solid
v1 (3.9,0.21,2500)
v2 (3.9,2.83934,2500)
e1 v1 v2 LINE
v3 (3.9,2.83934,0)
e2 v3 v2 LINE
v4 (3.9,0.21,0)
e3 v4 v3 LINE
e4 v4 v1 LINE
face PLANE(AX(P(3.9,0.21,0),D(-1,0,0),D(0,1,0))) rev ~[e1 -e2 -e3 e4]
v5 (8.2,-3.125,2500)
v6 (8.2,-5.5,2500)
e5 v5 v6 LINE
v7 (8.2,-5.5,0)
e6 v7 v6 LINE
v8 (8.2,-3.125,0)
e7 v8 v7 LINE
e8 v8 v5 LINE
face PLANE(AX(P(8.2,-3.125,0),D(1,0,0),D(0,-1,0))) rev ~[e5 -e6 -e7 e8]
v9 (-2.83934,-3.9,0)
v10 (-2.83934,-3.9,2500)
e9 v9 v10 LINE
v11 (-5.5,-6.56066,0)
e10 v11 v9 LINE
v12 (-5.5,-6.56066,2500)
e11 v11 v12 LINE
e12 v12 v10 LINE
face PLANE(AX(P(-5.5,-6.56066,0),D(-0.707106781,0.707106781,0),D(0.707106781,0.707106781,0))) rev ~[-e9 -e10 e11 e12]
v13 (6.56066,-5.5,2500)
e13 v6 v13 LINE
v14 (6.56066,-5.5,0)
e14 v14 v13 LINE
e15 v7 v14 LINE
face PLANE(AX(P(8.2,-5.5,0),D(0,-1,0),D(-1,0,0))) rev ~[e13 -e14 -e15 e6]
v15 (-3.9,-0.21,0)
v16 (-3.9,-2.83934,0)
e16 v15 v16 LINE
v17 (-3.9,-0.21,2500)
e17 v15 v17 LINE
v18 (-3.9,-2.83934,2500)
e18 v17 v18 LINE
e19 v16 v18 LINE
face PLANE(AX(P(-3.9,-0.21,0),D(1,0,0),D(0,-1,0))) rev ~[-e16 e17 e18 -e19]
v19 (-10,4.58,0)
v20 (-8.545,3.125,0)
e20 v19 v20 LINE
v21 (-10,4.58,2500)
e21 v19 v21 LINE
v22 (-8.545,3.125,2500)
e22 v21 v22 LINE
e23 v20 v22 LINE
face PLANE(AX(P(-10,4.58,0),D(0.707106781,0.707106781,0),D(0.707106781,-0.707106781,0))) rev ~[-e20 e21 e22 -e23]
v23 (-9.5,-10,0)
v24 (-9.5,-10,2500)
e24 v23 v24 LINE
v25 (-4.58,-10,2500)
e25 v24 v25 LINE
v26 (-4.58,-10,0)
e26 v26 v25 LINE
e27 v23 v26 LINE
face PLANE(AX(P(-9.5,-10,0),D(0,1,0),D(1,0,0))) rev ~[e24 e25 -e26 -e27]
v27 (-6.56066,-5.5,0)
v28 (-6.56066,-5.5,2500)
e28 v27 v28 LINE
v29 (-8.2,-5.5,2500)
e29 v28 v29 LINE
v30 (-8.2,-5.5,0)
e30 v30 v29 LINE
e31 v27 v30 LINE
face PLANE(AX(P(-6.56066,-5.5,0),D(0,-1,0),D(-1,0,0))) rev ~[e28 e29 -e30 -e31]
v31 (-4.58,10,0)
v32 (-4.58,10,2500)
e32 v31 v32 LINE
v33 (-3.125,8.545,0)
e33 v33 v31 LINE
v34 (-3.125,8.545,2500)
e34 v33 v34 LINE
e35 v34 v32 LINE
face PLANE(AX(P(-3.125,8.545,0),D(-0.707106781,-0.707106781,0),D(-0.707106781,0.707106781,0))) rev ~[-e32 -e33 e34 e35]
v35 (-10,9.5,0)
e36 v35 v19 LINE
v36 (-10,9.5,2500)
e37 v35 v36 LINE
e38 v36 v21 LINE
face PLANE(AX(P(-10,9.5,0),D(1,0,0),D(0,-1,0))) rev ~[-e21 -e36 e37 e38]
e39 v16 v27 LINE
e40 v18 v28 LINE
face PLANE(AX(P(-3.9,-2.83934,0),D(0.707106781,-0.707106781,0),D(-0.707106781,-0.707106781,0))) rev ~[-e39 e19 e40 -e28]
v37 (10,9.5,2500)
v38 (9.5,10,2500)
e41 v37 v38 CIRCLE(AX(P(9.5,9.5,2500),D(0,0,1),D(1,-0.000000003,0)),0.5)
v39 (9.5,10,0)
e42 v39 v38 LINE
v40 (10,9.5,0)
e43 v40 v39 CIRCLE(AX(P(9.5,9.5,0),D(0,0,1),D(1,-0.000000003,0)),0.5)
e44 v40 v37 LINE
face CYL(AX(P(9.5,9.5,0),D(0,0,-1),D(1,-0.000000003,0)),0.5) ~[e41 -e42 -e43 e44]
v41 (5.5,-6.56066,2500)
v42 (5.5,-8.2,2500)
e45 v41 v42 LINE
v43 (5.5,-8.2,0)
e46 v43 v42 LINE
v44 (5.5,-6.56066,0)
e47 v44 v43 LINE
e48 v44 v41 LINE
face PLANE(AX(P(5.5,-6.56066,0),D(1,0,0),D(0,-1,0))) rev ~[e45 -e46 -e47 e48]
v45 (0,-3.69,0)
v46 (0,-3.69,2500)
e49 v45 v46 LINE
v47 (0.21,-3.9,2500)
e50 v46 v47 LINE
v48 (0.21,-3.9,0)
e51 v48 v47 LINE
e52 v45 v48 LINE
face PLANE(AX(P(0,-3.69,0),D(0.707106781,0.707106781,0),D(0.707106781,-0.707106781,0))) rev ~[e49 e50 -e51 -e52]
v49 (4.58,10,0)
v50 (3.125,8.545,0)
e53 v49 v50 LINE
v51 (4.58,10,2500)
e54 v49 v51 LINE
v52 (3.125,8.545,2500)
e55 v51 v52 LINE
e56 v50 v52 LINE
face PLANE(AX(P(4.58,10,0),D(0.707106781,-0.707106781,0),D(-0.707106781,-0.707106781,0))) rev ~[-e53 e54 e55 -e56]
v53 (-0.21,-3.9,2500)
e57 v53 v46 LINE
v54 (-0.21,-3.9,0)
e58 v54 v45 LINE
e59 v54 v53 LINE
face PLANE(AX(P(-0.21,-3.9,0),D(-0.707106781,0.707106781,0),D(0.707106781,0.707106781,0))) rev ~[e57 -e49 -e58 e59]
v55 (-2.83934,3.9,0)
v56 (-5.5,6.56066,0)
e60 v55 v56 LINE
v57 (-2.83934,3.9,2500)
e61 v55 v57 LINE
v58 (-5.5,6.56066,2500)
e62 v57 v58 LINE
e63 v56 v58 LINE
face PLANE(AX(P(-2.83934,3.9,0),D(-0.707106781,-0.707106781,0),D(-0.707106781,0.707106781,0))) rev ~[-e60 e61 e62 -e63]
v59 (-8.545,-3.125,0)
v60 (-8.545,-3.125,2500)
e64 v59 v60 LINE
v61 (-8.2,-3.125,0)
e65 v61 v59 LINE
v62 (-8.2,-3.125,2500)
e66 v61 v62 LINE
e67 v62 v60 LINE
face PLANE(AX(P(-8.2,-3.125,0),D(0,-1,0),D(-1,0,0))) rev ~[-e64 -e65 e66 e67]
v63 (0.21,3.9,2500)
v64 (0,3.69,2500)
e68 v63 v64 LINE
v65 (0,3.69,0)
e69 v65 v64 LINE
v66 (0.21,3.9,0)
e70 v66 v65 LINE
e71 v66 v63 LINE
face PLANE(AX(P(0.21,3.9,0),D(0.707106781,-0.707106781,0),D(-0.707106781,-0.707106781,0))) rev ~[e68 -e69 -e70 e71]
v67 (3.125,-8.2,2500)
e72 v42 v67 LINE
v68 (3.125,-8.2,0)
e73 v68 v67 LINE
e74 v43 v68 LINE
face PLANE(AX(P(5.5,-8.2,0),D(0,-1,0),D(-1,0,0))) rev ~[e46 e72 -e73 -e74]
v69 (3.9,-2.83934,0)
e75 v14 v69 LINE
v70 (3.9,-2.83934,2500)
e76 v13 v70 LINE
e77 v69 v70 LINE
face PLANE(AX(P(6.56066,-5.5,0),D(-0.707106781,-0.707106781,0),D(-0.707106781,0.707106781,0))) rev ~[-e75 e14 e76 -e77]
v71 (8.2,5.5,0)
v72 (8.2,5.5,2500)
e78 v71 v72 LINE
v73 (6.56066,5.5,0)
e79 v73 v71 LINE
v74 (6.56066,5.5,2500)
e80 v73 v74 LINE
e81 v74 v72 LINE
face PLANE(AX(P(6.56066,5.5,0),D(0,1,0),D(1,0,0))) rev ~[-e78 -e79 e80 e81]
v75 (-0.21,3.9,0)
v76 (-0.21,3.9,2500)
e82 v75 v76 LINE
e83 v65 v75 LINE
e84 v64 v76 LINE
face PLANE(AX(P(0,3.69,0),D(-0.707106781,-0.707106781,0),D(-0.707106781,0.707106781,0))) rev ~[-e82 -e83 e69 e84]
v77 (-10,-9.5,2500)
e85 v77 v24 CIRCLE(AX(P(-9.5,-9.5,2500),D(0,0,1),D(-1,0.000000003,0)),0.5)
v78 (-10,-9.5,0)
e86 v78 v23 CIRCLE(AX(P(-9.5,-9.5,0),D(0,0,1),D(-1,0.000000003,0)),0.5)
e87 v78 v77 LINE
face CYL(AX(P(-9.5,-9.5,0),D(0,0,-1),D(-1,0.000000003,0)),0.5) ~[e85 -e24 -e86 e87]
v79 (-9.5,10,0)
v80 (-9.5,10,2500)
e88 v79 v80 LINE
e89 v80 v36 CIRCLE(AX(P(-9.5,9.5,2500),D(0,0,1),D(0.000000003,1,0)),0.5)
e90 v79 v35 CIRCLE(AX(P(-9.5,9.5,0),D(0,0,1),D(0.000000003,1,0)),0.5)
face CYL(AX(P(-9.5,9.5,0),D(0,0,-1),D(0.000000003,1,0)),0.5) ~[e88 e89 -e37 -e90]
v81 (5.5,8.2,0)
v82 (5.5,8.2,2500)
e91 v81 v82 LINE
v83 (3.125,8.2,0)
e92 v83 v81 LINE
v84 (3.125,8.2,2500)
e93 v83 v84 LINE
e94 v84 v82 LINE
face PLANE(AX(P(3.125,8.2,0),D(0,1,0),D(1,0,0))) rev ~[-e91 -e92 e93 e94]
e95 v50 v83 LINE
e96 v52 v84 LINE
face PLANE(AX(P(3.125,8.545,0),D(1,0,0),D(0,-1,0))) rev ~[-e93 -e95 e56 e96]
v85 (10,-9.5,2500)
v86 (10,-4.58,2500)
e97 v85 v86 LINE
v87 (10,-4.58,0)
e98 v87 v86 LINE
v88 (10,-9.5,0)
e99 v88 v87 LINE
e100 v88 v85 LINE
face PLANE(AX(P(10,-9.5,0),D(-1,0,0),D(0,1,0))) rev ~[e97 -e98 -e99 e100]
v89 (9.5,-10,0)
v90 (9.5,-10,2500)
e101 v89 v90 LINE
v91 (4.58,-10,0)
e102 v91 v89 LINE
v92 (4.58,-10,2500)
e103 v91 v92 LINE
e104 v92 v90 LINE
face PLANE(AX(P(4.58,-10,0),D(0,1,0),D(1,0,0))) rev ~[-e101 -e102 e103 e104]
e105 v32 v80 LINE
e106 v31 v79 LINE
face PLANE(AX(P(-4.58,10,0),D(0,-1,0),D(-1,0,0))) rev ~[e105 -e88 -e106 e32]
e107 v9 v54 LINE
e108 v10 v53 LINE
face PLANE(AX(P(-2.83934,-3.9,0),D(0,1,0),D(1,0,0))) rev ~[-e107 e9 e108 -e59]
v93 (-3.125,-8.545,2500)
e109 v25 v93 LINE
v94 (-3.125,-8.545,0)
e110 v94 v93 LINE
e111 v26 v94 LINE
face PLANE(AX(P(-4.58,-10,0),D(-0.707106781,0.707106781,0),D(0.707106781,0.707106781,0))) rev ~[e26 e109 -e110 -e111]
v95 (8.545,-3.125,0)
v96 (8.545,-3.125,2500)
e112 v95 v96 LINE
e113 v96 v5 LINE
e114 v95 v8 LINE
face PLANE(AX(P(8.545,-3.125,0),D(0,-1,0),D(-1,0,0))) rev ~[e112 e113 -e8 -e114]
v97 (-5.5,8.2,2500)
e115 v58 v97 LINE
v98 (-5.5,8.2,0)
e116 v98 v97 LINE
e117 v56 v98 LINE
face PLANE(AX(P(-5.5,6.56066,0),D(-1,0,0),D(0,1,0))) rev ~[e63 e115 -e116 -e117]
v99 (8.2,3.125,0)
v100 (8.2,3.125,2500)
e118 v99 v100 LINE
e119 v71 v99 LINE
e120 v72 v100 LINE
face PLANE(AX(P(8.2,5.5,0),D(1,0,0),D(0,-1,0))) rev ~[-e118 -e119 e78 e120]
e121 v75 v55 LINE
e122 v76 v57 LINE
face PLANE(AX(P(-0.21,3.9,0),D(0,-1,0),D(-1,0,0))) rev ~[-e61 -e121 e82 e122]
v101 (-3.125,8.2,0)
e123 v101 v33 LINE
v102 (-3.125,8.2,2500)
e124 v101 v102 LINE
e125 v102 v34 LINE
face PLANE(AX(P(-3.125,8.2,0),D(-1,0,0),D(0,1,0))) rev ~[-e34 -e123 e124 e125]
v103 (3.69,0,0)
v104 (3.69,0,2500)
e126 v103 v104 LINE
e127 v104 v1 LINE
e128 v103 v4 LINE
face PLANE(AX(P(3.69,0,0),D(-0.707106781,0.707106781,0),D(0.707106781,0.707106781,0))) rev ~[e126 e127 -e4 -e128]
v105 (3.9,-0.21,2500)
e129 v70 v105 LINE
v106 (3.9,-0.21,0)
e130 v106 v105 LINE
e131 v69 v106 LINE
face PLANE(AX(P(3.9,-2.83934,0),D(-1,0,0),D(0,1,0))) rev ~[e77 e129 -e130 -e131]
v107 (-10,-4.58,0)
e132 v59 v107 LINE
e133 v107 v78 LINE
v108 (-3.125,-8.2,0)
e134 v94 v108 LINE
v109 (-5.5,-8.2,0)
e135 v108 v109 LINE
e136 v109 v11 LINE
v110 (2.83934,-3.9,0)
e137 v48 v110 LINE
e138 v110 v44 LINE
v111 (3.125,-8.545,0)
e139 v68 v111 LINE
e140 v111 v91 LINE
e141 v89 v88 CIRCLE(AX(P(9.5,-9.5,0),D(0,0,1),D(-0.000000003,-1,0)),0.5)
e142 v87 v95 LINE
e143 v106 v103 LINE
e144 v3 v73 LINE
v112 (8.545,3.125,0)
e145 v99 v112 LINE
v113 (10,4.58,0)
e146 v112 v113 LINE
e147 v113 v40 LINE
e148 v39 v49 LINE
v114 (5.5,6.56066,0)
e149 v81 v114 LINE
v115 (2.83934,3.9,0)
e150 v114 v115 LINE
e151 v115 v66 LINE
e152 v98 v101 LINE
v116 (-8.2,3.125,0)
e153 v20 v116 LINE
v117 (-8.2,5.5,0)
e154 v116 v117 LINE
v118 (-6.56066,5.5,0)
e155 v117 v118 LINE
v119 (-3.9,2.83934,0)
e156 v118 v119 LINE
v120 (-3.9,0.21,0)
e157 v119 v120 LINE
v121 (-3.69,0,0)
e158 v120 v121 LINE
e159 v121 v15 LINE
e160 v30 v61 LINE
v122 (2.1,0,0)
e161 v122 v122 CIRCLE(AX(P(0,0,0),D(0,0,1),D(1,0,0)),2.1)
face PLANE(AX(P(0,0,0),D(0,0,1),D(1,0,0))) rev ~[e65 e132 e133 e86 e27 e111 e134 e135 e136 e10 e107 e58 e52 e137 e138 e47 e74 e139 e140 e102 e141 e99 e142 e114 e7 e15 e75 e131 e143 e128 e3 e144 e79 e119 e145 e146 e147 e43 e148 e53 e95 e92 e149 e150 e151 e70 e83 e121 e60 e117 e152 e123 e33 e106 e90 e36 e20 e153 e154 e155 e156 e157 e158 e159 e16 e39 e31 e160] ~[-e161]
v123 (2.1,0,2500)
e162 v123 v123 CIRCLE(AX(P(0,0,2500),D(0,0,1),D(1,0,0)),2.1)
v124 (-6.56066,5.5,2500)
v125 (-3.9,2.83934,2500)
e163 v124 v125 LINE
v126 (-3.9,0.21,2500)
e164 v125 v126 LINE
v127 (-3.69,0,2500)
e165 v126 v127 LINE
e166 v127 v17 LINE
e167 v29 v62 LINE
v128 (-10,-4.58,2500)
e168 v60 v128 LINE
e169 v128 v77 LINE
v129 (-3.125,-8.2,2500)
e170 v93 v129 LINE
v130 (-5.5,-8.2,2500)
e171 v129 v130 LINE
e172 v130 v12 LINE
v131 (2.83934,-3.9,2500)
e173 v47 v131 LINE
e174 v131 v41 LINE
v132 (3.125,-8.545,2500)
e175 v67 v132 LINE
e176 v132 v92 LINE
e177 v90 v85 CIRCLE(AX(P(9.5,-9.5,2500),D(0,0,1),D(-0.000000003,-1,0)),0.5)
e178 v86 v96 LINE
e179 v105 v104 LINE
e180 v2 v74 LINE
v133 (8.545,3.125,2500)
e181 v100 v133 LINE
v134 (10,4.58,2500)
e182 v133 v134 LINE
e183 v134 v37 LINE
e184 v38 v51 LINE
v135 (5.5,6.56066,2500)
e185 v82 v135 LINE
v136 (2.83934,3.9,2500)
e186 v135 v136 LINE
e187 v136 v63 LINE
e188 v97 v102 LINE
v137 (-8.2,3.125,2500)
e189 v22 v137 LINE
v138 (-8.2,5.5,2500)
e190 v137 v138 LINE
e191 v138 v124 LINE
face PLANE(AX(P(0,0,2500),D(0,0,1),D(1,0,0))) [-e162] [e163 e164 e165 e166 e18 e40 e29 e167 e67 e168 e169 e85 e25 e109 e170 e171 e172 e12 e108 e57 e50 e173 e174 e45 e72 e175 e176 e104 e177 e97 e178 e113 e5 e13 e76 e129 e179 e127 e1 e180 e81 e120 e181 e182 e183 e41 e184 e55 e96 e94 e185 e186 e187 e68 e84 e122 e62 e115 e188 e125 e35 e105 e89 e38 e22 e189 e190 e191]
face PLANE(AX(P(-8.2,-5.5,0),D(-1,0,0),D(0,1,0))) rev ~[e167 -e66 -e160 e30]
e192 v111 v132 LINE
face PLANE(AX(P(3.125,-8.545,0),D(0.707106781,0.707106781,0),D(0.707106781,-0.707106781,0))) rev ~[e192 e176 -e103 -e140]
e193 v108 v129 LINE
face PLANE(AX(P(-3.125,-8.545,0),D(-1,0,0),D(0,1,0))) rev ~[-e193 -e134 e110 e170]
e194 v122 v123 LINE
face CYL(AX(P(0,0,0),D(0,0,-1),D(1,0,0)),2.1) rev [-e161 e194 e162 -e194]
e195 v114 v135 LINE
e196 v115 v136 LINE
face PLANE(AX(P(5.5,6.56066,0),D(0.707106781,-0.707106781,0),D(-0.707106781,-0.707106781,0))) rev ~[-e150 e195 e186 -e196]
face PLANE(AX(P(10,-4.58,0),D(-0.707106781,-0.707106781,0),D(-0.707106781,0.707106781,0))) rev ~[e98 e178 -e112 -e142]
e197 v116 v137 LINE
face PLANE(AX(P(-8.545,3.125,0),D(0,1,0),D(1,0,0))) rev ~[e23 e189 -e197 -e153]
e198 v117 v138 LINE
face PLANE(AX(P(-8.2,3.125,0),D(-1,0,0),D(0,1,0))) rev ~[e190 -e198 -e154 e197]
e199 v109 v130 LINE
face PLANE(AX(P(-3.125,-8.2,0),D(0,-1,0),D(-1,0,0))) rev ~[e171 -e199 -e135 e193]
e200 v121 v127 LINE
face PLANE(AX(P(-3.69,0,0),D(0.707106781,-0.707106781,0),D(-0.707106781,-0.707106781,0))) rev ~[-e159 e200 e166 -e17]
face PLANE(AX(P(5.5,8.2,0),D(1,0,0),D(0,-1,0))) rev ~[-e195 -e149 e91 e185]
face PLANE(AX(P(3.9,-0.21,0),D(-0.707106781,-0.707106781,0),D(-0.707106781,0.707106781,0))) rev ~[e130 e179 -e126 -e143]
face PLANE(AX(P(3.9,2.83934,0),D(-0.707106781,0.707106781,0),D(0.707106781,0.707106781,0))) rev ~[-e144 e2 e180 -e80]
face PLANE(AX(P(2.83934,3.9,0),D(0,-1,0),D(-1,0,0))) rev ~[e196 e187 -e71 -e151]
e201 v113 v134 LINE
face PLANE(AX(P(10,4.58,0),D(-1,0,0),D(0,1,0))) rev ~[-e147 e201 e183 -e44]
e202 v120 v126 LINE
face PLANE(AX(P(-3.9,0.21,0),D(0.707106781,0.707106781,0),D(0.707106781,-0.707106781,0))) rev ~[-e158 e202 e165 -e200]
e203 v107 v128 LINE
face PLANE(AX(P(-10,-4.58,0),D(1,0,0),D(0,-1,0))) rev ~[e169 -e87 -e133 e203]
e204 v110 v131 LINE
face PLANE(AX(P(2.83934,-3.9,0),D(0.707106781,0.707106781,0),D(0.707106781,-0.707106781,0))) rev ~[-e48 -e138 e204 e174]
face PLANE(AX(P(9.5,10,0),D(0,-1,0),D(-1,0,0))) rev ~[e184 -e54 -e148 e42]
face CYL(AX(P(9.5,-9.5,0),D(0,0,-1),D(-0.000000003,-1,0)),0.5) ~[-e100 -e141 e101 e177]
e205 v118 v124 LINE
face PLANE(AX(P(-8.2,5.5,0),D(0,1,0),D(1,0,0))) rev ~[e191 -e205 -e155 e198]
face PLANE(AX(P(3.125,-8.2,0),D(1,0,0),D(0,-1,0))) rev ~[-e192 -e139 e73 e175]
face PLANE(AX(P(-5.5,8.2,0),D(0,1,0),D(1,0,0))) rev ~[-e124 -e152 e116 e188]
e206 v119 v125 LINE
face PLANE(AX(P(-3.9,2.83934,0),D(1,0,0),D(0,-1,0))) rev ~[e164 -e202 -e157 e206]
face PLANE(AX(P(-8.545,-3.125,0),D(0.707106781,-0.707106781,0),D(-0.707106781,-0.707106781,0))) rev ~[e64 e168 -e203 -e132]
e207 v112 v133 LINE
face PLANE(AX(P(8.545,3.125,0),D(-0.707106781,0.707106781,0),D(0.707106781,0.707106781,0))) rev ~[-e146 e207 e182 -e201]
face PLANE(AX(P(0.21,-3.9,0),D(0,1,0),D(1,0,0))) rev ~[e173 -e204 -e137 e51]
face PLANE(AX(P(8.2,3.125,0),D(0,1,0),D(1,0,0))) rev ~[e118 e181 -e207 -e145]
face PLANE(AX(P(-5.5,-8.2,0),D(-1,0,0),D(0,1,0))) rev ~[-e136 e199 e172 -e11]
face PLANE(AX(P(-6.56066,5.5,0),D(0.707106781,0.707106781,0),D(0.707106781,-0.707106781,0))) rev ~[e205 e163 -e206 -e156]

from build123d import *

# Parameters (mm, degrees)
SKETCH1_R           = 2.1
BOSS_EXTRUDE1_DEPTH = 2500


with BuildPart() as part:
    # Sketch1 → Boss-Extrude1 (new body)
    with BuildSketch(Plane.XY):
        with BuildLine():
            Line((4.58, -10), (9.5, -10))
            ThreePointArc((9.5, -10), (9.853553391, -9.853553391), (10, -9.5))
            Line((10, -9.5), (10, -4.58))
            Line((10, -4.58), (8.545, -3.125))
            Line((8.545, -3.125), (8.2, -3.125))
            Line((8.2, -3.125), (8.2, -5.5))
            Line((8.2, -5.5), (6.560660172, -5.5))
            Line((6.560660172, -5.5), (3.9, -2.839339828))
            Line((3.9, -2.839339828), (3.9, -0.21))
            Line((3.9, -0.21), (3.69, 0))
            Line((3.69, 0), (3.9, 0.21))
            Line((3.9, 0.21), (3.9, 2.839339828))
            Line((3.9, 2.839339828), (6.560660172, 5.5))
            Line((6.560660172, 5.5), (8.2, 5.5))
            Line((8.2, 5.5), (8.2, 3.125))
            Line((8.2, 3.125), (8.545, 3.125))
            Line((8.545, 3.125), (10, 4.58))
            Line((10, 4.58), (10, 9.5))
            ThreePointArc((10, 9.5), (9.853553391, 9.853553391), (9.5, 10))
            Line((9.5, 10), (4.58, 10))
            Line((4.58, 10), (3.125, 8.545))
            Line((3.125, 8.545), (3.125, 8.2))
            Line((3.125, 8.2), (5.5, 8.2))
            Line((5.5, 8.2), (5.5, 6.560660172))
            Line((5.5, 6.560660172), (2.839339828, 3.9))
            Line((2.839339828, 3.9), (0.21, 3.9))
            Line((0.21, 3.9), (0, 3.69))
            Line((0, 3.69), (-0.21, 3.9))
            Line((-0.21, 3.9), (-2.839339828, 3.9))
            Line((-2.839339828, 3.9), (-5.5, 6.560660172))
            Line((-5.5, 6.560660172), (-5.5, 8.2))
            Line((-5.5, 8.2), (-3.125, 8.2))
            Line((-3.125, 8.2), (-3.125, 8.545))
            Line((-3.125, 8.545), (-4.58, 10))
            Line((-4.58, 10), (-9.5, 10))
            ThreePointArc((-9.5, 10), (-9.853553391, 9.853553391), (-10, 9.5))
            Line((-10, 9.5), (-10, 4.58))
            Line((-10, 4.58), (-8.545, 3.125))
            Line((-8.545, 3.125), (-8.2, 3.125))
            Line((-8.2, 3.125), (-8.2, 5.5))
            Line((-8.2, 5.5), (-6.560660172, 5.5))
            Line((-6.560660172, 5.5), (-3.9, 2.839339828))
            Line((-3.9, 2.839339828), (-3.9, 0.21))
            Line((-3.9, 0.21), (-3.69, 0))
            Line((-3.69, 0), (-3.9, -0.21))
            Line((-3.9, -0.21), (-3.9, -2.839339828))
            Line((-3.9, -2.839339828), (-6.560660172, -5.5))
            Line((-6.560660172, -5.5), (-8.2, -5.5))
            Line((-8.2, -5.5), (-8.2, -3.125))
            Line((-8.2, -3.125), (-8.545, -3.125))
            Line((-8.545, -3.125), (-10, -4.58))
            Line((-10, -4.58), (-10, -9.5))
            ThreePointArc((-10, -9.5), (-9.853553391, -9.853553391), (-9.5, -10))
            Line((-9.5, -10), (-4.58, -10))
            Line((-4.58, -10), (-3.125, -8.545))
            Line((-3.125, -8.545), (-3.125, -8.2))
            Line((-3.125, -8.2), (-5.5, -8.2))
            Line((-5.5, -8.2), (-5.5, -6.560660172))
            Line((-5.5, -6.560660172), (-2.839339828, -3.9))
            Line((-2.839339828, -3.9), (-0.21, -3.9))
            Line((-0.21, -3.9), (0, -3.69))
            Line((0, -3.69), (0.21, -3.9))
            Line((0.21, -3.9), (2.839339828, -3.9))
            Line((2.839339828, -3.9), (5.5, -6.560660172))
            Line((5.5, -6.560660172), (5.5, -8.2))
            Line((5.5, -8.2), (3.125, -8.2))
            Line((3.125, -8.2), (3.125, -8.545))
            Line((3.125, -8.545), (4.58, -10))
        make_face()
        Circle(SKETCH1_R, mode=Mode.SUBTRACT)
    extrude(amount=BOSS_EXTRUDE1_DEPTH)


solid = part.part
